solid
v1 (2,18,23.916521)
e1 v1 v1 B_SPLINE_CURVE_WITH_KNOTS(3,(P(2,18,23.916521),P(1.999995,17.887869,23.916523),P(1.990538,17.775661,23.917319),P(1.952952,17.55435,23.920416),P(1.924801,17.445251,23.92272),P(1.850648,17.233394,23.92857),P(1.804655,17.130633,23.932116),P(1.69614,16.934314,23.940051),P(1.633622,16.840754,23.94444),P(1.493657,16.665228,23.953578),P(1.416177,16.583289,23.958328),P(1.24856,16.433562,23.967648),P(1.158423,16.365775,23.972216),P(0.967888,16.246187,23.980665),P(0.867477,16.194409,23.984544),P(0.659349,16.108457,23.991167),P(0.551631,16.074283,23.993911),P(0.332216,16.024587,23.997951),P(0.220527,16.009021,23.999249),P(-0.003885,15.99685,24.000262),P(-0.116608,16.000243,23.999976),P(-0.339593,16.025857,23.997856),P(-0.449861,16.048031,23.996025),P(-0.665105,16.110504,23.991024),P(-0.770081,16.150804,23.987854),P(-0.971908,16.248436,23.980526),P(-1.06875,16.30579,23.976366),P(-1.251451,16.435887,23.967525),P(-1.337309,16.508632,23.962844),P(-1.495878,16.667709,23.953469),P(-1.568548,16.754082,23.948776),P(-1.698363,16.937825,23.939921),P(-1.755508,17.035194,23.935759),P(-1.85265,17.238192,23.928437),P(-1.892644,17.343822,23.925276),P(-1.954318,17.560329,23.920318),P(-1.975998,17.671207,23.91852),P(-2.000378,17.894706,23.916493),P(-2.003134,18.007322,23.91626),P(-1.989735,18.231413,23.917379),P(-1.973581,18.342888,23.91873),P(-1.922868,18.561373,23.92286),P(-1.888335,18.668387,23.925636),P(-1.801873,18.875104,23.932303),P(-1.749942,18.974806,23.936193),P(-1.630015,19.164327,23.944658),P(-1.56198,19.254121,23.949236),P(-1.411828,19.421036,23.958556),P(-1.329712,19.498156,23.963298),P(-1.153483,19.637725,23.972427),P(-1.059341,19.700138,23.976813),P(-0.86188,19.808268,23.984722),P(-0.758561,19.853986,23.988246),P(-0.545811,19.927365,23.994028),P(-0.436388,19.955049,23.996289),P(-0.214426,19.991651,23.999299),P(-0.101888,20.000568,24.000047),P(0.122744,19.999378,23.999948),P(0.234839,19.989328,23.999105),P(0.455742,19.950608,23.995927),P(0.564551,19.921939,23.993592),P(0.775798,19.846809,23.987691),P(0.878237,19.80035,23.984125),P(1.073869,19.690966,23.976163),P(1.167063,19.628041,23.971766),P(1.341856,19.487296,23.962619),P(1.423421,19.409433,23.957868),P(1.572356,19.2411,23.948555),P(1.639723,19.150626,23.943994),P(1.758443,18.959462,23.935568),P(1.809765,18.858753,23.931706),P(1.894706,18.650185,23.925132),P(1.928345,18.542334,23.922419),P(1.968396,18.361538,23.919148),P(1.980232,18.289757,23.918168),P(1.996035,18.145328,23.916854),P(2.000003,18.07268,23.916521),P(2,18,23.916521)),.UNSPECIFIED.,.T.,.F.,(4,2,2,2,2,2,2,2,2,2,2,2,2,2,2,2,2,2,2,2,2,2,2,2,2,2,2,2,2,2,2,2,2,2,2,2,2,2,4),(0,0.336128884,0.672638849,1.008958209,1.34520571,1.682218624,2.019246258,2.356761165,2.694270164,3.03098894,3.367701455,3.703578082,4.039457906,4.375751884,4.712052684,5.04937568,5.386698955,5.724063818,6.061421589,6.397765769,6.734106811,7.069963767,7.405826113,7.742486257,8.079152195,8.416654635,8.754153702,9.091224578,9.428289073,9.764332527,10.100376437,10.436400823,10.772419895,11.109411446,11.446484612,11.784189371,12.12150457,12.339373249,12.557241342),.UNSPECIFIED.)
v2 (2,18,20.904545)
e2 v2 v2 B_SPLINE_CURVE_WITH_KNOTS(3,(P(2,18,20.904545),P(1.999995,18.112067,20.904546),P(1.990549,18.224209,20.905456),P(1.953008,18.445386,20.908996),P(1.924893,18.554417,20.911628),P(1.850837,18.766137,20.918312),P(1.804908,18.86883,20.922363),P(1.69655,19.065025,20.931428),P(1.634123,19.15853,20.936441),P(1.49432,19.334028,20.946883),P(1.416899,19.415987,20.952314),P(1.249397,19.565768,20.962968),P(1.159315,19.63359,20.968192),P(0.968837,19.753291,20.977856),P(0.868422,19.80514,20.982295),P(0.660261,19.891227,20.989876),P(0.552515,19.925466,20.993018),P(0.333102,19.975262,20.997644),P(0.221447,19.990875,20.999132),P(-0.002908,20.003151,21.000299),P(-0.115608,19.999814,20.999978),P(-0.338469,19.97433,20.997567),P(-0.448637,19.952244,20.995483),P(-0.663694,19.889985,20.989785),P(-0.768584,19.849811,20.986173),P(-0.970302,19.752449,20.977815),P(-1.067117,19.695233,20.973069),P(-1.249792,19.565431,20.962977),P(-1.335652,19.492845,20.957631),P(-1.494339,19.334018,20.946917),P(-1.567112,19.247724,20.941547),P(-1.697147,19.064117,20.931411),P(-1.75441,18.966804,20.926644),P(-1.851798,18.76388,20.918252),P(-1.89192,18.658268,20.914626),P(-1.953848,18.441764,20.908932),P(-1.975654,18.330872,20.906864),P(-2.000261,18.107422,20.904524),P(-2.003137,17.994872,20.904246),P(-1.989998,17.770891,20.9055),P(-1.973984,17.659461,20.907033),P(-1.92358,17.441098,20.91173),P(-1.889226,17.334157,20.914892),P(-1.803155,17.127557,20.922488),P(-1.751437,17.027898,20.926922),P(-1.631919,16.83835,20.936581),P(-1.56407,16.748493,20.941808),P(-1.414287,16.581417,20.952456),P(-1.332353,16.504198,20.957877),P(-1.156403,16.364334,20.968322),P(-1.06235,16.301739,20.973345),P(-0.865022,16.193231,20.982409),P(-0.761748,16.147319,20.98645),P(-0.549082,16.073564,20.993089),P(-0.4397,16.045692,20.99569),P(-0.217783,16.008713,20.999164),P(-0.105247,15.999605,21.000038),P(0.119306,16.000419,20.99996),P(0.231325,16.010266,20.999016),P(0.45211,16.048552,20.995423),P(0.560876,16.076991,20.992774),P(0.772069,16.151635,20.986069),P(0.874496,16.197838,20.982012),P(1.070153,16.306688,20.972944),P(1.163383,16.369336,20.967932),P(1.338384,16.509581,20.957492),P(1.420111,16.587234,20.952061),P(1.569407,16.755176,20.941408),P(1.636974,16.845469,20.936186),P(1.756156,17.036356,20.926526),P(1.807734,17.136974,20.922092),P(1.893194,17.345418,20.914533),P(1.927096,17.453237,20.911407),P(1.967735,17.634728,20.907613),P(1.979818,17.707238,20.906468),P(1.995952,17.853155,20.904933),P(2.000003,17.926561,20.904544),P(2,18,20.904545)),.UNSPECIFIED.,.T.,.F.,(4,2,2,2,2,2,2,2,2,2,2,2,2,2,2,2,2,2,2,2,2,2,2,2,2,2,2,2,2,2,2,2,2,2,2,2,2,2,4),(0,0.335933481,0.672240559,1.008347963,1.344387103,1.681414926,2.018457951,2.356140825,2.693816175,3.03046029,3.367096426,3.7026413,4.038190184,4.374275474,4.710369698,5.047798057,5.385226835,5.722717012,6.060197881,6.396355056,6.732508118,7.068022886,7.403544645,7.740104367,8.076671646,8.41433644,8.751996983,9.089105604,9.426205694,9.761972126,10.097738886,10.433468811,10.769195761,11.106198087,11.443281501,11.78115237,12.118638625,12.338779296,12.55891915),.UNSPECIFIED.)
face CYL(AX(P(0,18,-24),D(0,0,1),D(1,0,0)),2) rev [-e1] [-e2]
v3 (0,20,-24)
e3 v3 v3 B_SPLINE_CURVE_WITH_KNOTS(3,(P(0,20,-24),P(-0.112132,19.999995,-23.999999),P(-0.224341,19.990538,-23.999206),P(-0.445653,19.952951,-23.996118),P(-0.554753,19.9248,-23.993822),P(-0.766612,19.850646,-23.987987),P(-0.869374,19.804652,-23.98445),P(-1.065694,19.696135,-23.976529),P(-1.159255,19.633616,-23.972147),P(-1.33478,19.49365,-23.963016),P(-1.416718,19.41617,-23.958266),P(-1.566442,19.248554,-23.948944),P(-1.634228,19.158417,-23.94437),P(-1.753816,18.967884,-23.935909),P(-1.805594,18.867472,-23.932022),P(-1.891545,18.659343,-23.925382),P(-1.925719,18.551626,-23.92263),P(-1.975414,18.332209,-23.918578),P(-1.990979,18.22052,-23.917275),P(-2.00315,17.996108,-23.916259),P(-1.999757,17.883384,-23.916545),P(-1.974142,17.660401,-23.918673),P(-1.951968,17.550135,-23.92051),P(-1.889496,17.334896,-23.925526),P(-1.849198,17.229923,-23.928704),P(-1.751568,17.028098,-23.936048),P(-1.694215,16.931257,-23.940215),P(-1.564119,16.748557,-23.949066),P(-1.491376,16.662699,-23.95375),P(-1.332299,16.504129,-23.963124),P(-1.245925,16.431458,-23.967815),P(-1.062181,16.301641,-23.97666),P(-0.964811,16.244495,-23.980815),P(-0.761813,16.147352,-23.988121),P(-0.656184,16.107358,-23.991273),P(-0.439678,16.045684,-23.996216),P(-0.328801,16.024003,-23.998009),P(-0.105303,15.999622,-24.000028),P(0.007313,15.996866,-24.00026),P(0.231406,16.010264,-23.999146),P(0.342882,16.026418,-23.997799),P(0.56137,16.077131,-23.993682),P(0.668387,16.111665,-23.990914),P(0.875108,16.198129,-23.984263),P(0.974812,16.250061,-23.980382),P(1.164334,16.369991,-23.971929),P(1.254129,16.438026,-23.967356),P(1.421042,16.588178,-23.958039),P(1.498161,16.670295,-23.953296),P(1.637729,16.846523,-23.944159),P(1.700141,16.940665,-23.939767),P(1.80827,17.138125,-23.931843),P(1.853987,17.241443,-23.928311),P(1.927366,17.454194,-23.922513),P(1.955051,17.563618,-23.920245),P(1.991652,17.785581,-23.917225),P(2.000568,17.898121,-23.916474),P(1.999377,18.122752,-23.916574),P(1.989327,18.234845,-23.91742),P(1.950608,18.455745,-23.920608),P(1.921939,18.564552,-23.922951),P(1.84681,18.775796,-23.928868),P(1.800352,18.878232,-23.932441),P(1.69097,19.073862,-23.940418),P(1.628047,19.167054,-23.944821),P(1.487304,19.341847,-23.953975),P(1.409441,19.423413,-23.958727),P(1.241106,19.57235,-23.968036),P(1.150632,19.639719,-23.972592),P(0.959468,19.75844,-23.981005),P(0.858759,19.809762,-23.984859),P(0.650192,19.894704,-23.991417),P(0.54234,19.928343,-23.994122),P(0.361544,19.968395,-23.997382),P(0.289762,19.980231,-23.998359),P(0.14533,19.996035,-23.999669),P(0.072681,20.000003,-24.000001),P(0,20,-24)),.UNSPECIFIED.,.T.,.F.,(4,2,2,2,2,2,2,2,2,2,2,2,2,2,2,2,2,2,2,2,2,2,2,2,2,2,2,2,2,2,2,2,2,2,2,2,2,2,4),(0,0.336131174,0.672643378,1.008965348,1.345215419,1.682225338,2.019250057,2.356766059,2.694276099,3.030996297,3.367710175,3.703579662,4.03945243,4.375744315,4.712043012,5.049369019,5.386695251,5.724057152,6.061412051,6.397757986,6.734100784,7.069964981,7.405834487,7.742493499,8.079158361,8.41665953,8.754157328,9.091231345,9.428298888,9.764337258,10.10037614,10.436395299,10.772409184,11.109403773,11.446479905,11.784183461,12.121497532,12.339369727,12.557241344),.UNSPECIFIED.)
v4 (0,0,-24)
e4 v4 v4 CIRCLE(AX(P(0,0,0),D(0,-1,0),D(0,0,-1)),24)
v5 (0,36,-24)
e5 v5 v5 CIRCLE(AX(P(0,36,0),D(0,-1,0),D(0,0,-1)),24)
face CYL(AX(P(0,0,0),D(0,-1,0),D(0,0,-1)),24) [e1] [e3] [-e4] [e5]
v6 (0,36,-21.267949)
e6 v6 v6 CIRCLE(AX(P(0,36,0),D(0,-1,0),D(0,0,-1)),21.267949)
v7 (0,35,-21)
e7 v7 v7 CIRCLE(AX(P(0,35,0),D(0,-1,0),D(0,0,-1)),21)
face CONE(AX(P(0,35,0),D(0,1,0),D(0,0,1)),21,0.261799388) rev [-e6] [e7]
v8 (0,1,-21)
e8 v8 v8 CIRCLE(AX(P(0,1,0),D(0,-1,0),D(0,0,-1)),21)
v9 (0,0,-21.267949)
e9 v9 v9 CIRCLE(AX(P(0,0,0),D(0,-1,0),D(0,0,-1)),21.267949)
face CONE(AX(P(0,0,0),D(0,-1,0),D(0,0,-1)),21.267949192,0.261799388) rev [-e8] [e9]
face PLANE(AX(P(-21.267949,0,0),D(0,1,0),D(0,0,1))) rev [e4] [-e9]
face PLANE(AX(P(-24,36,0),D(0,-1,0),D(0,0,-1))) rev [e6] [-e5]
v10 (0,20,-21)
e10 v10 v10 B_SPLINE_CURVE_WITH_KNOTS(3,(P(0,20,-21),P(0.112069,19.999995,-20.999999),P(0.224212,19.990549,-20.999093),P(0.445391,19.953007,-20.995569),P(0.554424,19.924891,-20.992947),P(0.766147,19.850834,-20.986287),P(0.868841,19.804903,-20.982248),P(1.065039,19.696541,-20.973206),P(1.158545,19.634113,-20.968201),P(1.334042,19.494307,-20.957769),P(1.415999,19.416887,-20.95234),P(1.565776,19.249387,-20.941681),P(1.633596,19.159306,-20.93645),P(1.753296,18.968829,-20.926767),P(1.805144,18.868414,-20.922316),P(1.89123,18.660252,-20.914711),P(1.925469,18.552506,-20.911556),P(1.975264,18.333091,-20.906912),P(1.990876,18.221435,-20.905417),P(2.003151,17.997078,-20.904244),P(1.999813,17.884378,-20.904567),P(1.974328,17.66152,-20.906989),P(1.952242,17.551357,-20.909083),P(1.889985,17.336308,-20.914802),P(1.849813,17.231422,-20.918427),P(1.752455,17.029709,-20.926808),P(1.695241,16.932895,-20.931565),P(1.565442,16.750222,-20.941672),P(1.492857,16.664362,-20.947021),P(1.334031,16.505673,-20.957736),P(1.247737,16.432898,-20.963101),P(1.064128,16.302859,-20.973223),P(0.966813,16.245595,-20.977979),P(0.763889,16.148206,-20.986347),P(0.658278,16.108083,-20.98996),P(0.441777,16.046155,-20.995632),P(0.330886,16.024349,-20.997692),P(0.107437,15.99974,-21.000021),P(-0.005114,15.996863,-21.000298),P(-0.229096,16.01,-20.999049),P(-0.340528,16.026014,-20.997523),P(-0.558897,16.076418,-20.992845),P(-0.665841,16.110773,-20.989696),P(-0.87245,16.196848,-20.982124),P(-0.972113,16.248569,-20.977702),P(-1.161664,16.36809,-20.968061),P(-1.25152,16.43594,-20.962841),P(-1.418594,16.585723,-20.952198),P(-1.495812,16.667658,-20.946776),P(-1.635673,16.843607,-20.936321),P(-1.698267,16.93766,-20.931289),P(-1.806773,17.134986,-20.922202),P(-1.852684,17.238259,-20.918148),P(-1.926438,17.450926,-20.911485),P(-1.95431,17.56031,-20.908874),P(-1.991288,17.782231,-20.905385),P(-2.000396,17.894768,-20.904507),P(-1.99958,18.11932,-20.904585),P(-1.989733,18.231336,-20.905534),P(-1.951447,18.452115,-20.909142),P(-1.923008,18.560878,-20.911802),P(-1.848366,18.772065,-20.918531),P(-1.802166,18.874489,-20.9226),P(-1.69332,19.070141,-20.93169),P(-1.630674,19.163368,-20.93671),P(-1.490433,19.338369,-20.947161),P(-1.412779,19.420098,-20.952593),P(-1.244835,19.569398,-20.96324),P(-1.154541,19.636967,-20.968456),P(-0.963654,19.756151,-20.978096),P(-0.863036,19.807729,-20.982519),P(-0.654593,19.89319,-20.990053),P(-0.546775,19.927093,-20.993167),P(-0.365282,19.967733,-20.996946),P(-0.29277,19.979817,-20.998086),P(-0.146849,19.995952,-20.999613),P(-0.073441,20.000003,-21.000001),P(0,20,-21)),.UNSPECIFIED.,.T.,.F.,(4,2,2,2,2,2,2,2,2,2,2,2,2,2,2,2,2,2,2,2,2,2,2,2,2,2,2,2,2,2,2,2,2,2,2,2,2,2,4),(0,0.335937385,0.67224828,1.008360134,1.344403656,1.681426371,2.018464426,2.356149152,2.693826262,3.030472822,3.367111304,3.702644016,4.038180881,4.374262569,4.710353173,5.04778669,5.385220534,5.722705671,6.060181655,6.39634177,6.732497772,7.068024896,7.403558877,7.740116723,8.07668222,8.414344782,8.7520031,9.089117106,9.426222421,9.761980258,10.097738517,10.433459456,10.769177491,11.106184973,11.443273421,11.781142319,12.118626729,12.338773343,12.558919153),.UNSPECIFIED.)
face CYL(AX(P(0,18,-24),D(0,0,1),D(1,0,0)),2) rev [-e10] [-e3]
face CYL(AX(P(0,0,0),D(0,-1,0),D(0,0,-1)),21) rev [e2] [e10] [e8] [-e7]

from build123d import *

# Parameters (mm, degrees)
ESQUISSE2_R                  = 2
ENL_V_MAT_EXTRU_1_DEPTH      = 25
ENL_V_MAT_EXTRU_1_DEPTH_BACK = 25


with BuildPart() as part:
    # Esquisse1 → Révolution1 (revolve)
    with BuildSketch(Plane.XY, mode=Mode.PRIVATE) as r_volution1_sk:
        Polygon((-24, 36), (-21.267949192, 36), (-21, 35), (-21, 1), (-21.267949192, 0), (-24, 0), align=None)
    revolve(r_volution1_sk.sketch.rotate(Axis((0, 0, 0), (0, 1, 0)), 270), axis=Axis((0, 0, 0), (0, 1, 0)))  # turned: the seam where the file's is

    # Esquisse2 → Enlèv. mat.-Extru.1 (cut, two sides)
    with BuildSketch(Plane.XY) as enl_v_mat_extru_1_sk:
        with Locations((0, 18)):
            Circle(ESQUISSE2_R)
    extrude(amount=ENL_V_MAT_EXTRU_1_DEPTH, mode=Mode.SUBTRACT)
    extrude(enl_v_mat_extru_1_sk.sketch, amount=-ENL_V_MAT_EXTRU_1_DEPTH_BACK, mode=Mode.SUBTRACT)


solid = part.part
